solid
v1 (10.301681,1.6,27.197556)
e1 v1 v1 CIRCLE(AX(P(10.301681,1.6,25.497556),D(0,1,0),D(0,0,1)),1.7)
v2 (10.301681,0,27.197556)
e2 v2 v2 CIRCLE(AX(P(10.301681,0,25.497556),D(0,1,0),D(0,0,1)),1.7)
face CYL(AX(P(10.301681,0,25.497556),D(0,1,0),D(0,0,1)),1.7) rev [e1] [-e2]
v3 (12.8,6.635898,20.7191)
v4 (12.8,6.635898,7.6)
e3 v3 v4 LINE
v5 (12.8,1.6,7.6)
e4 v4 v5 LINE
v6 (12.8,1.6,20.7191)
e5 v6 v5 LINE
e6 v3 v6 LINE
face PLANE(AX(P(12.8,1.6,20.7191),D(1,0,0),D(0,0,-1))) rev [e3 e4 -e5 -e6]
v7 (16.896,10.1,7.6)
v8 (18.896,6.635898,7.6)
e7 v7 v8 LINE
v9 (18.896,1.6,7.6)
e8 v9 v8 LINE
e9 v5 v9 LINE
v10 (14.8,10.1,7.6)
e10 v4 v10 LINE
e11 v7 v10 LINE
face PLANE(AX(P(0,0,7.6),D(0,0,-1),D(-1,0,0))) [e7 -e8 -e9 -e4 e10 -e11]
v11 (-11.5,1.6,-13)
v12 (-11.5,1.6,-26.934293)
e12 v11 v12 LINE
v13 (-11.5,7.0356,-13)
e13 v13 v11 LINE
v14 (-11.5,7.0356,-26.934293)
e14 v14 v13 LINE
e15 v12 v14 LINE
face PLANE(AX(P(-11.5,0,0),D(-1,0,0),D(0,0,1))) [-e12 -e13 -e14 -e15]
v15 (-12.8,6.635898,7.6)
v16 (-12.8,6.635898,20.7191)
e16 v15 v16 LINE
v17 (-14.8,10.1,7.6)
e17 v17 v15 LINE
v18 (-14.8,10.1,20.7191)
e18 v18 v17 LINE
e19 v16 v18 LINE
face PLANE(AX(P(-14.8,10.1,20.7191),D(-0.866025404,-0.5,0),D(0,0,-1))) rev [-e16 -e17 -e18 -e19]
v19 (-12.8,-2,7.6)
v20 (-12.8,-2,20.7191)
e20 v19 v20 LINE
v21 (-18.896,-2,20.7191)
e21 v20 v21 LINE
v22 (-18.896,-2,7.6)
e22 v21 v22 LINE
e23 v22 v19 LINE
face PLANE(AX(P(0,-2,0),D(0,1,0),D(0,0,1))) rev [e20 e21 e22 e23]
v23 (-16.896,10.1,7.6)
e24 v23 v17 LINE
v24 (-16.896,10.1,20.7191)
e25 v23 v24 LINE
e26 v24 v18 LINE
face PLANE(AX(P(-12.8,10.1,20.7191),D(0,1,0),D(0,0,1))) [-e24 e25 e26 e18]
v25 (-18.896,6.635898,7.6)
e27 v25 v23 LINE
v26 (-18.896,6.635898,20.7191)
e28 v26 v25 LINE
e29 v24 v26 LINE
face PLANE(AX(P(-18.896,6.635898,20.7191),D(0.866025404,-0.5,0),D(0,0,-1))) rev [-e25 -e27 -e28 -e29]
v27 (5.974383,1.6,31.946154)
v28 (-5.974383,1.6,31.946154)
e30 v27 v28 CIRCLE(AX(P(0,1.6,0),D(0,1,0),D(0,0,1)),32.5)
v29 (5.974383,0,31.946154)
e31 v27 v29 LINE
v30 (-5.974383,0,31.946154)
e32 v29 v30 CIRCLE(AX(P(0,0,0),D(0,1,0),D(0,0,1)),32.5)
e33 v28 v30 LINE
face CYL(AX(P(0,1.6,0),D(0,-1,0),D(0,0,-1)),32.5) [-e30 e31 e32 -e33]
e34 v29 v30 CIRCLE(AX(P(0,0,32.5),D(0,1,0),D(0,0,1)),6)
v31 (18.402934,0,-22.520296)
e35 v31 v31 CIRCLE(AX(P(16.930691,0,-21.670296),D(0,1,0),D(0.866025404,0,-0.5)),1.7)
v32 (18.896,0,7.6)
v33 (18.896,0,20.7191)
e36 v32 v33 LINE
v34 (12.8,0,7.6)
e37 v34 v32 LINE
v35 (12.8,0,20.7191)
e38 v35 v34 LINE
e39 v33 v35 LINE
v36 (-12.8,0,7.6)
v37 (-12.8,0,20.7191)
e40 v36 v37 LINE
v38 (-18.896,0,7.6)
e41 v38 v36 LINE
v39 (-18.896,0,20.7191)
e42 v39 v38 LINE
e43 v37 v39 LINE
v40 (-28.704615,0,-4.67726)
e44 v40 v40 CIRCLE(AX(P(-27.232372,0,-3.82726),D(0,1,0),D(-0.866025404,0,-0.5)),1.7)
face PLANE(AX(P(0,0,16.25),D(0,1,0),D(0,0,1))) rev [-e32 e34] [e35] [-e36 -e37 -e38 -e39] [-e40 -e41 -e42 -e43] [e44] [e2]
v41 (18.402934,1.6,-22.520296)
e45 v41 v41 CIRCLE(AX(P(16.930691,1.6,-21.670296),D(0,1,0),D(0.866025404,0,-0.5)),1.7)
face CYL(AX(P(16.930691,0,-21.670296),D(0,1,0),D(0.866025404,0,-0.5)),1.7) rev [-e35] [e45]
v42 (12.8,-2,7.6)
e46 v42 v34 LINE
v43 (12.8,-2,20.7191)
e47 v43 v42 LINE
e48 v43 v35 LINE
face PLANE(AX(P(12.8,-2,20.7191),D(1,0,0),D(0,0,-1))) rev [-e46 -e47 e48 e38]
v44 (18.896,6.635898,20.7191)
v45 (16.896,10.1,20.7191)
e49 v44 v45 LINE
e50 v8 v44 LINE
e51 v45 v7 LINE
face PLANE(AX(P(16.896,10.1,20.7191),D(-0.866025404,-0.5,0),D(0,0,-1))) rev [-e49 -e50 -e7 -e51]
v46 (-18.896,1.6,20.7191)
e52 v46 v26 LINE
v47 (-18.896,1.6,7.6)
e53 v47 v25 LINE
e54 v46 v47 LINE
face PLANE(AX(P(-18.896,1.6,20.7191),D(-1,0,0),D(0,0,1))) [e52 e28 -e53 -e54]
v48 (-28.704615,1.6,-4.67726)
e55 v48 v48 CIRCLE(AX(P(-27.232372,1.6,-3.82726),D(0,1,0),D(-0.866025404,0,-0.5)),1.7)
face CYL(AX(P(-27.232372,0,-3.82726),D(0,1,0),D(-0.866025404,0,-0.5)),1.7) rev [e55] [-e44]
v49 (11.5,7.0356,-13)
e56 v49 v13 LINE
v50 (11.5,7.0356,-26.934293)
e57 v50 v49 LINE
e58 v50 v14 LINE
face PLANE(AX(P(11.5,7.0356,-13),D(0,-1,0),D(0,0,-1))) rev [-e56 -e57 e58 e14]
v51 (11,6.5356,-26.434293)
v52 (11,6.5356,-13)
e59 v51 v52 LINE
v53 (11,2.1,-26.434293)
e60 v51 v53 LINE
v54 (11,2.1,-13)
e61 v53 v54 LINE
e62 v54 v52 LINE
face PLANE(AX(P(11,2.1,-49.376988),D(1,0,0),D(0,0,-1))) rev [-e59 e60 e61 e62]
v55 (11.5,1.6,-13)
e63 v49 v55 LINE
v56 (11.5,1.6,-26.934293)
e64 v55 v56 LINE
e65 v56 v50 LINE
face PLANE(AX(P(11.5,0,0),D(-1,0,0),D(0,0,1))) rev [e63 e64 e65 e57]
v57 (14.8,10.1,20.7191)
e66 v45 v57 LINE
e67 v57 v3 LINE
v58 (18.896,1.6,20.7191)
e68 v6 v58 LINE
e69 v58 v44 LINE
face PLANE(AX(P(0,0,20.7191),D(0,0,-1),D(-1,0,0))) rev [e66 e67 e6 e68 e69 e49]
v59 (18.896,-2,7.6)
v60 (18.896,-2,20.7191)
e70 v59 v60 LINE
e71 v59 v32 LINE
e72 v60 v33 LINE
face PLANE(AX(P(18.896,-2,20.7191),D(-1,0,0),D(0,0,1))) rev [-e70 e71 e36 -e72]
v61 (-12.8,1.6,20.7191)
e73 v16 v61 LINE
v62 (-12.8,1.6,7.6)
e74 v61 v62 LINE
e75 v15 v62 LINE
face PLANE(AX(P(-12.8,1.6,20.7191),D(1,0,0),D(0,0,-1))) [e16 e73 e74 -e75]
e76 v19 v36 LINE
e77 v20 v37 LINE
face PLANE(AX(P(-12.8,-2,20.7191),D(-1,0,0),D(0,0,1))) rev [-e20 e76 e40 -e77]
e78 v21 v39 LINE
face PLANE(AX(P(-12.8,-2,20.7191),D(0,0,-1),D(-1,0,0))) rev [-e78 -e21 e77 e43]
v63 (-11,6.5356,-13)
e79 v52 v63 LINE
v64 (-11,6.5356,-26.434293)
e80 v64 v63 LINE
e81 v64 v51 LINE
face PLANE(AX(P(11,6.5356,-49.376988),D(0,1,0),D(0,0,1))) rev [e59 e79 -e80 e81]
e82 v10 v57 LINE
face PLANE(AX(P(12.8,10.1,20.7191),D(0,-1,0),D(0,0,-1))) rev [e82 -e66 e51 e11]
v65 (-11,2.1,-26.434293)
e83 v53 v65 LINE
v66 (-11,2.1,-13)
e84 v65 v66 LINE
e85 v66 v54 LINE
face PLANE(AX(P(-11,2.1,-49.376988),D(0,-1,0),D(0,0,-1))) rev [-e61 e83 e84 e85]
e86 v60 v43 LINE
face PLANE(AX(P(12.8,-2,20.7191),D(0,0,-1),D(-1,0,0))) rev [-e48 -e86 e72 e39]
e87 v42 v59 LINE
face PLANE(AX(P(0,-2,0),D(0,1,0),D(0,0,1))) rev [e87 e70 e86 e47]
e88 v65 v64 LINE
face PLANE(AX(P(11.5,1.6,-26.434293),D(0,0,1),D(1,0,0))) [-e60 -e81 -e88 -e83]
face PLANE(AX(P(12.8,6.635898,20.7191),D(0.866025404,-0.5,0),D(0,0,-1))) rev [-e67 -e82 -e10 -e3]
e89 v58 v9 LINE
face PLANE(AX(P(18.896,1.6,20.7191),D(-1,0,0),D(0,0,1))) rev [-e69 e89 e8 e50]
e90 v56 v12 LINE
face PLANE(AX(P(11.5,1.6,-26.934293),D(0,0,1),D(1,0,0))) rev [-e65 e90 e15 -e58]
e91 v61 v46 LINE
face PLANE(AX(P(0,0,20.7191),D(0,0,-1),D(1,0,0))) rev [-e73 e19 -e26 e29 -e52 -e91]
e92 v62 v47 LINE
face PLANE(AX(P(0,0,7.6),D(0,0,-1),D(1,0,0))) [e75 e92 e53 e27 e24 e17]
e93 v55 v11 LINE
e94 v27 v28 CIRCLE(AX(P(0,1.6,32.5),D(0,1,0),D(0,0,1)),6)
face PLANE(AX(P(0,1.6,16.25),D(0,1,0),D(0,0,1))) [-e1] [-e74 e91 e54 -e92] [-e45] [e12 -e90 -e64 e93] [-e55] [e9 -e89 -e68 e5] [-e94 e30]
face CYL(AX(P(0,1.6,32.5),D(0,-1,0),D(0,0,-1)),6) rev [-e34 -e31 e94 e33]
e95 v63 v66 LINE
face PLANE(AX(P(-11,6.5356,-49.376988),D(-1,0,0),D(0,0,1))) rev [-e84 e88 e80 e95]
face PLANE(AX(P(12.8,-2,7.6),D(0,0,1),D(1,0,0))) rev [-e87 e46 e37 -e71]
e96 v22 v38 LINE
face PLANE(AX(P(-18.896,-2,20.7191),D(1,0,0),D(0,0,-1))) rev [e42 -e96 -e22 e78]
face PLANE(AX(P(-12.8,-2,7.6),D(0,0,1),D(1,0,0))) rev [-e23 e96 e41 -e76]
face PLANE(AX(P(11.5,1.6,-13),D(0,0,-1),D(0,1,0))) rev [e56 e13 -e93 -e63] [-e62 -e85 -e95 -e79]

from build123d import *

# Parameters (mm, degrees)
BOSS_EXTRUDE2_DEPTH       = 1.6
SKETCH3_R                 = 1.7
CUT_EXTRUDE1_DEPTH        = 2.6
CIRPATTERN1_COUNT         = 3
SKETCH4_W                 = 13.934293336
SKETCH4_H                 = 5.4356
BOSS_EXTRUDE3_DEPTH       = 11.5
SKETCH5_W                 = 6.096
SKETCH5_H                 = 8.5
BOSS_EXTRUDE4_DEPTH       = 13.1191
CHAMFER1_SIZE             = 2
CHAMFER1_SIZE2            = 3.464101615
CHAMFER1_OF_MIRROR1_SIZE2 = 2
CHAMFER1_OF_MIRROR1_SIZE  = 3.464101615
SKETCH6_W                 = 22
SKETCH6_H                 = 4.4356
CUT_EXTRUDE2_DEPTH        = 13.434293
SKETCH8_W                 = 6.096
SKETCH8_H                 = 13.1191
BOSS_EXTRUDE5_DEPTH       = 2


with BuildPart() as part:
    # Sketch2 → Boss-Extrude2 (new body)
    with BuildSketch(Plane(origin=(0, 0, 0), x_dir=(1, 0, 0), z_dir=(0, 1, 0))):
        with BuildLine():
            ThreePointArc((5.974383185, -31.946153846), (0, 32.5), (-5.974383185, -31.946153846))
            ThreePointArc((-5.974383185, -31.946153846), (0, -26.5), (5.974383185, -31.946153846))
        make_face()
    extrude(amount=BOSS_EXTRUDE2_DEPTH)

    # Sketch3 → Cut-Extrude1 (cut, through all)
    with BuildSketch(Plane(origin=(0, 1.6, 0), x_dir=(1, 0, 0), z_dir=(0, 1, 0))):
        with Locations((10.301681319, -25.497556001)):
            Circle(SKETCH3_R)
    cut_extrude1 = extrude(amount=-CUT_EXTRUDE1_DEPTH, mode=Mode.SUBTRACT)

    # CirPattern1: Cut-Extrude1 ×3 about axis
    cirpattern1_axis = Axis((0, 0, 0), (0, 1, 0))
    for i in range(1, CIRPATTERN1_COUNT):
        add(cut_extrude1.rotate(cirpattern1_axis, i * 360 / CIRPATTERN1_COUNT), mode=Mode.SUBTRACT)

    # Sketch4 → Boss-Extrude3 (add, symmetric)
    with BuildSketch(Plane(origin=(0, 0, 0), x_dir=(0, 0, -1), z_dir=(1, 0, 0))):
        with Locations((19.967146668, 4.3178)):
            Rectangle(SKETCH4_W, SKETCH4_H)
    extrude(amount=BOSS_EXTRUDE3_DEPTH, both=True)

    # Sketch5 → Boss-Extrude4 (add)
    with BuildSketch(Plane.XY.offset(7.6)):
        with Locations((15.848, 5.85)):
            Rectangle(SKETCH5_W, SKETCH5_H)
    boss_extrude4 = extrude(amount=BOSS_EXTRUDE4_DEPTH)

    # Chamfer1
    chamfer1_edges = [part.edges().sort_by_distance(p)[0] for p in [
        (12.8, 10.1, 14.15955),
        (18.896, 10.1, 14.15955),
    ]]
    chamfer1_side = [part.faces().sort_by_distance(p)[0] for p in [
        (15.848, 10.1, 14.15955),
    ]]
    chamfer(chamfer1_edges, length=CHAMFER1_SIZE, length2=CHAMFER1_SIZE2, reference=chamfer1_side[0])

    # Mirror1: Boss-Extrude4 across plane
    add(boss_extrude4.mirror(Plane(origin=(0, 0, 0), x_dir=(0, 0, 1), z_dir=(1, 0, 0))))

    # Chamfer1 of Mirror1
    chamfer1_of_mirror1_edges = [part.edges().sort_by_distance(p)[0] for p in [
        (-12.8, 10.1, 14.15955),
        (-18.896, 10.1, 14.15955),
    ]]
    chamfer(chamfer1_of_mirror1_edges, length=CHAMFER1_OF_MIRROR1_SIZE, length2=CHAMFER1_OF_MIRROR1_SIZE2)

    # Sketch6 → Cut-Extrude2 (cut)
    with BuildSketch(Plane.XY.offset(-13)):
        with Locations((0, 4.3178)):
            Rectangle(SKETCH6_W, SKETCH6_H)
    extrude(amount=-CUT_EXTRUDE2_DEPTH, mode=Mode.SUBTRACT)

    # Sketch8 → Boss-Extrude5 (add)
    with BuildSketch(Plane.XZ):
        with Locations((15.848, 14.15955)):
            Rectangle(SKETCH8_W, SKETCH8_H)
        with Locations((-15.848, 14.15955)):
            Rectangle(SKETCH8_W, SKETCH8_H)
    extrude(amount=BOSS_EXTRUDE5_DEPTH)


solid = part.part
